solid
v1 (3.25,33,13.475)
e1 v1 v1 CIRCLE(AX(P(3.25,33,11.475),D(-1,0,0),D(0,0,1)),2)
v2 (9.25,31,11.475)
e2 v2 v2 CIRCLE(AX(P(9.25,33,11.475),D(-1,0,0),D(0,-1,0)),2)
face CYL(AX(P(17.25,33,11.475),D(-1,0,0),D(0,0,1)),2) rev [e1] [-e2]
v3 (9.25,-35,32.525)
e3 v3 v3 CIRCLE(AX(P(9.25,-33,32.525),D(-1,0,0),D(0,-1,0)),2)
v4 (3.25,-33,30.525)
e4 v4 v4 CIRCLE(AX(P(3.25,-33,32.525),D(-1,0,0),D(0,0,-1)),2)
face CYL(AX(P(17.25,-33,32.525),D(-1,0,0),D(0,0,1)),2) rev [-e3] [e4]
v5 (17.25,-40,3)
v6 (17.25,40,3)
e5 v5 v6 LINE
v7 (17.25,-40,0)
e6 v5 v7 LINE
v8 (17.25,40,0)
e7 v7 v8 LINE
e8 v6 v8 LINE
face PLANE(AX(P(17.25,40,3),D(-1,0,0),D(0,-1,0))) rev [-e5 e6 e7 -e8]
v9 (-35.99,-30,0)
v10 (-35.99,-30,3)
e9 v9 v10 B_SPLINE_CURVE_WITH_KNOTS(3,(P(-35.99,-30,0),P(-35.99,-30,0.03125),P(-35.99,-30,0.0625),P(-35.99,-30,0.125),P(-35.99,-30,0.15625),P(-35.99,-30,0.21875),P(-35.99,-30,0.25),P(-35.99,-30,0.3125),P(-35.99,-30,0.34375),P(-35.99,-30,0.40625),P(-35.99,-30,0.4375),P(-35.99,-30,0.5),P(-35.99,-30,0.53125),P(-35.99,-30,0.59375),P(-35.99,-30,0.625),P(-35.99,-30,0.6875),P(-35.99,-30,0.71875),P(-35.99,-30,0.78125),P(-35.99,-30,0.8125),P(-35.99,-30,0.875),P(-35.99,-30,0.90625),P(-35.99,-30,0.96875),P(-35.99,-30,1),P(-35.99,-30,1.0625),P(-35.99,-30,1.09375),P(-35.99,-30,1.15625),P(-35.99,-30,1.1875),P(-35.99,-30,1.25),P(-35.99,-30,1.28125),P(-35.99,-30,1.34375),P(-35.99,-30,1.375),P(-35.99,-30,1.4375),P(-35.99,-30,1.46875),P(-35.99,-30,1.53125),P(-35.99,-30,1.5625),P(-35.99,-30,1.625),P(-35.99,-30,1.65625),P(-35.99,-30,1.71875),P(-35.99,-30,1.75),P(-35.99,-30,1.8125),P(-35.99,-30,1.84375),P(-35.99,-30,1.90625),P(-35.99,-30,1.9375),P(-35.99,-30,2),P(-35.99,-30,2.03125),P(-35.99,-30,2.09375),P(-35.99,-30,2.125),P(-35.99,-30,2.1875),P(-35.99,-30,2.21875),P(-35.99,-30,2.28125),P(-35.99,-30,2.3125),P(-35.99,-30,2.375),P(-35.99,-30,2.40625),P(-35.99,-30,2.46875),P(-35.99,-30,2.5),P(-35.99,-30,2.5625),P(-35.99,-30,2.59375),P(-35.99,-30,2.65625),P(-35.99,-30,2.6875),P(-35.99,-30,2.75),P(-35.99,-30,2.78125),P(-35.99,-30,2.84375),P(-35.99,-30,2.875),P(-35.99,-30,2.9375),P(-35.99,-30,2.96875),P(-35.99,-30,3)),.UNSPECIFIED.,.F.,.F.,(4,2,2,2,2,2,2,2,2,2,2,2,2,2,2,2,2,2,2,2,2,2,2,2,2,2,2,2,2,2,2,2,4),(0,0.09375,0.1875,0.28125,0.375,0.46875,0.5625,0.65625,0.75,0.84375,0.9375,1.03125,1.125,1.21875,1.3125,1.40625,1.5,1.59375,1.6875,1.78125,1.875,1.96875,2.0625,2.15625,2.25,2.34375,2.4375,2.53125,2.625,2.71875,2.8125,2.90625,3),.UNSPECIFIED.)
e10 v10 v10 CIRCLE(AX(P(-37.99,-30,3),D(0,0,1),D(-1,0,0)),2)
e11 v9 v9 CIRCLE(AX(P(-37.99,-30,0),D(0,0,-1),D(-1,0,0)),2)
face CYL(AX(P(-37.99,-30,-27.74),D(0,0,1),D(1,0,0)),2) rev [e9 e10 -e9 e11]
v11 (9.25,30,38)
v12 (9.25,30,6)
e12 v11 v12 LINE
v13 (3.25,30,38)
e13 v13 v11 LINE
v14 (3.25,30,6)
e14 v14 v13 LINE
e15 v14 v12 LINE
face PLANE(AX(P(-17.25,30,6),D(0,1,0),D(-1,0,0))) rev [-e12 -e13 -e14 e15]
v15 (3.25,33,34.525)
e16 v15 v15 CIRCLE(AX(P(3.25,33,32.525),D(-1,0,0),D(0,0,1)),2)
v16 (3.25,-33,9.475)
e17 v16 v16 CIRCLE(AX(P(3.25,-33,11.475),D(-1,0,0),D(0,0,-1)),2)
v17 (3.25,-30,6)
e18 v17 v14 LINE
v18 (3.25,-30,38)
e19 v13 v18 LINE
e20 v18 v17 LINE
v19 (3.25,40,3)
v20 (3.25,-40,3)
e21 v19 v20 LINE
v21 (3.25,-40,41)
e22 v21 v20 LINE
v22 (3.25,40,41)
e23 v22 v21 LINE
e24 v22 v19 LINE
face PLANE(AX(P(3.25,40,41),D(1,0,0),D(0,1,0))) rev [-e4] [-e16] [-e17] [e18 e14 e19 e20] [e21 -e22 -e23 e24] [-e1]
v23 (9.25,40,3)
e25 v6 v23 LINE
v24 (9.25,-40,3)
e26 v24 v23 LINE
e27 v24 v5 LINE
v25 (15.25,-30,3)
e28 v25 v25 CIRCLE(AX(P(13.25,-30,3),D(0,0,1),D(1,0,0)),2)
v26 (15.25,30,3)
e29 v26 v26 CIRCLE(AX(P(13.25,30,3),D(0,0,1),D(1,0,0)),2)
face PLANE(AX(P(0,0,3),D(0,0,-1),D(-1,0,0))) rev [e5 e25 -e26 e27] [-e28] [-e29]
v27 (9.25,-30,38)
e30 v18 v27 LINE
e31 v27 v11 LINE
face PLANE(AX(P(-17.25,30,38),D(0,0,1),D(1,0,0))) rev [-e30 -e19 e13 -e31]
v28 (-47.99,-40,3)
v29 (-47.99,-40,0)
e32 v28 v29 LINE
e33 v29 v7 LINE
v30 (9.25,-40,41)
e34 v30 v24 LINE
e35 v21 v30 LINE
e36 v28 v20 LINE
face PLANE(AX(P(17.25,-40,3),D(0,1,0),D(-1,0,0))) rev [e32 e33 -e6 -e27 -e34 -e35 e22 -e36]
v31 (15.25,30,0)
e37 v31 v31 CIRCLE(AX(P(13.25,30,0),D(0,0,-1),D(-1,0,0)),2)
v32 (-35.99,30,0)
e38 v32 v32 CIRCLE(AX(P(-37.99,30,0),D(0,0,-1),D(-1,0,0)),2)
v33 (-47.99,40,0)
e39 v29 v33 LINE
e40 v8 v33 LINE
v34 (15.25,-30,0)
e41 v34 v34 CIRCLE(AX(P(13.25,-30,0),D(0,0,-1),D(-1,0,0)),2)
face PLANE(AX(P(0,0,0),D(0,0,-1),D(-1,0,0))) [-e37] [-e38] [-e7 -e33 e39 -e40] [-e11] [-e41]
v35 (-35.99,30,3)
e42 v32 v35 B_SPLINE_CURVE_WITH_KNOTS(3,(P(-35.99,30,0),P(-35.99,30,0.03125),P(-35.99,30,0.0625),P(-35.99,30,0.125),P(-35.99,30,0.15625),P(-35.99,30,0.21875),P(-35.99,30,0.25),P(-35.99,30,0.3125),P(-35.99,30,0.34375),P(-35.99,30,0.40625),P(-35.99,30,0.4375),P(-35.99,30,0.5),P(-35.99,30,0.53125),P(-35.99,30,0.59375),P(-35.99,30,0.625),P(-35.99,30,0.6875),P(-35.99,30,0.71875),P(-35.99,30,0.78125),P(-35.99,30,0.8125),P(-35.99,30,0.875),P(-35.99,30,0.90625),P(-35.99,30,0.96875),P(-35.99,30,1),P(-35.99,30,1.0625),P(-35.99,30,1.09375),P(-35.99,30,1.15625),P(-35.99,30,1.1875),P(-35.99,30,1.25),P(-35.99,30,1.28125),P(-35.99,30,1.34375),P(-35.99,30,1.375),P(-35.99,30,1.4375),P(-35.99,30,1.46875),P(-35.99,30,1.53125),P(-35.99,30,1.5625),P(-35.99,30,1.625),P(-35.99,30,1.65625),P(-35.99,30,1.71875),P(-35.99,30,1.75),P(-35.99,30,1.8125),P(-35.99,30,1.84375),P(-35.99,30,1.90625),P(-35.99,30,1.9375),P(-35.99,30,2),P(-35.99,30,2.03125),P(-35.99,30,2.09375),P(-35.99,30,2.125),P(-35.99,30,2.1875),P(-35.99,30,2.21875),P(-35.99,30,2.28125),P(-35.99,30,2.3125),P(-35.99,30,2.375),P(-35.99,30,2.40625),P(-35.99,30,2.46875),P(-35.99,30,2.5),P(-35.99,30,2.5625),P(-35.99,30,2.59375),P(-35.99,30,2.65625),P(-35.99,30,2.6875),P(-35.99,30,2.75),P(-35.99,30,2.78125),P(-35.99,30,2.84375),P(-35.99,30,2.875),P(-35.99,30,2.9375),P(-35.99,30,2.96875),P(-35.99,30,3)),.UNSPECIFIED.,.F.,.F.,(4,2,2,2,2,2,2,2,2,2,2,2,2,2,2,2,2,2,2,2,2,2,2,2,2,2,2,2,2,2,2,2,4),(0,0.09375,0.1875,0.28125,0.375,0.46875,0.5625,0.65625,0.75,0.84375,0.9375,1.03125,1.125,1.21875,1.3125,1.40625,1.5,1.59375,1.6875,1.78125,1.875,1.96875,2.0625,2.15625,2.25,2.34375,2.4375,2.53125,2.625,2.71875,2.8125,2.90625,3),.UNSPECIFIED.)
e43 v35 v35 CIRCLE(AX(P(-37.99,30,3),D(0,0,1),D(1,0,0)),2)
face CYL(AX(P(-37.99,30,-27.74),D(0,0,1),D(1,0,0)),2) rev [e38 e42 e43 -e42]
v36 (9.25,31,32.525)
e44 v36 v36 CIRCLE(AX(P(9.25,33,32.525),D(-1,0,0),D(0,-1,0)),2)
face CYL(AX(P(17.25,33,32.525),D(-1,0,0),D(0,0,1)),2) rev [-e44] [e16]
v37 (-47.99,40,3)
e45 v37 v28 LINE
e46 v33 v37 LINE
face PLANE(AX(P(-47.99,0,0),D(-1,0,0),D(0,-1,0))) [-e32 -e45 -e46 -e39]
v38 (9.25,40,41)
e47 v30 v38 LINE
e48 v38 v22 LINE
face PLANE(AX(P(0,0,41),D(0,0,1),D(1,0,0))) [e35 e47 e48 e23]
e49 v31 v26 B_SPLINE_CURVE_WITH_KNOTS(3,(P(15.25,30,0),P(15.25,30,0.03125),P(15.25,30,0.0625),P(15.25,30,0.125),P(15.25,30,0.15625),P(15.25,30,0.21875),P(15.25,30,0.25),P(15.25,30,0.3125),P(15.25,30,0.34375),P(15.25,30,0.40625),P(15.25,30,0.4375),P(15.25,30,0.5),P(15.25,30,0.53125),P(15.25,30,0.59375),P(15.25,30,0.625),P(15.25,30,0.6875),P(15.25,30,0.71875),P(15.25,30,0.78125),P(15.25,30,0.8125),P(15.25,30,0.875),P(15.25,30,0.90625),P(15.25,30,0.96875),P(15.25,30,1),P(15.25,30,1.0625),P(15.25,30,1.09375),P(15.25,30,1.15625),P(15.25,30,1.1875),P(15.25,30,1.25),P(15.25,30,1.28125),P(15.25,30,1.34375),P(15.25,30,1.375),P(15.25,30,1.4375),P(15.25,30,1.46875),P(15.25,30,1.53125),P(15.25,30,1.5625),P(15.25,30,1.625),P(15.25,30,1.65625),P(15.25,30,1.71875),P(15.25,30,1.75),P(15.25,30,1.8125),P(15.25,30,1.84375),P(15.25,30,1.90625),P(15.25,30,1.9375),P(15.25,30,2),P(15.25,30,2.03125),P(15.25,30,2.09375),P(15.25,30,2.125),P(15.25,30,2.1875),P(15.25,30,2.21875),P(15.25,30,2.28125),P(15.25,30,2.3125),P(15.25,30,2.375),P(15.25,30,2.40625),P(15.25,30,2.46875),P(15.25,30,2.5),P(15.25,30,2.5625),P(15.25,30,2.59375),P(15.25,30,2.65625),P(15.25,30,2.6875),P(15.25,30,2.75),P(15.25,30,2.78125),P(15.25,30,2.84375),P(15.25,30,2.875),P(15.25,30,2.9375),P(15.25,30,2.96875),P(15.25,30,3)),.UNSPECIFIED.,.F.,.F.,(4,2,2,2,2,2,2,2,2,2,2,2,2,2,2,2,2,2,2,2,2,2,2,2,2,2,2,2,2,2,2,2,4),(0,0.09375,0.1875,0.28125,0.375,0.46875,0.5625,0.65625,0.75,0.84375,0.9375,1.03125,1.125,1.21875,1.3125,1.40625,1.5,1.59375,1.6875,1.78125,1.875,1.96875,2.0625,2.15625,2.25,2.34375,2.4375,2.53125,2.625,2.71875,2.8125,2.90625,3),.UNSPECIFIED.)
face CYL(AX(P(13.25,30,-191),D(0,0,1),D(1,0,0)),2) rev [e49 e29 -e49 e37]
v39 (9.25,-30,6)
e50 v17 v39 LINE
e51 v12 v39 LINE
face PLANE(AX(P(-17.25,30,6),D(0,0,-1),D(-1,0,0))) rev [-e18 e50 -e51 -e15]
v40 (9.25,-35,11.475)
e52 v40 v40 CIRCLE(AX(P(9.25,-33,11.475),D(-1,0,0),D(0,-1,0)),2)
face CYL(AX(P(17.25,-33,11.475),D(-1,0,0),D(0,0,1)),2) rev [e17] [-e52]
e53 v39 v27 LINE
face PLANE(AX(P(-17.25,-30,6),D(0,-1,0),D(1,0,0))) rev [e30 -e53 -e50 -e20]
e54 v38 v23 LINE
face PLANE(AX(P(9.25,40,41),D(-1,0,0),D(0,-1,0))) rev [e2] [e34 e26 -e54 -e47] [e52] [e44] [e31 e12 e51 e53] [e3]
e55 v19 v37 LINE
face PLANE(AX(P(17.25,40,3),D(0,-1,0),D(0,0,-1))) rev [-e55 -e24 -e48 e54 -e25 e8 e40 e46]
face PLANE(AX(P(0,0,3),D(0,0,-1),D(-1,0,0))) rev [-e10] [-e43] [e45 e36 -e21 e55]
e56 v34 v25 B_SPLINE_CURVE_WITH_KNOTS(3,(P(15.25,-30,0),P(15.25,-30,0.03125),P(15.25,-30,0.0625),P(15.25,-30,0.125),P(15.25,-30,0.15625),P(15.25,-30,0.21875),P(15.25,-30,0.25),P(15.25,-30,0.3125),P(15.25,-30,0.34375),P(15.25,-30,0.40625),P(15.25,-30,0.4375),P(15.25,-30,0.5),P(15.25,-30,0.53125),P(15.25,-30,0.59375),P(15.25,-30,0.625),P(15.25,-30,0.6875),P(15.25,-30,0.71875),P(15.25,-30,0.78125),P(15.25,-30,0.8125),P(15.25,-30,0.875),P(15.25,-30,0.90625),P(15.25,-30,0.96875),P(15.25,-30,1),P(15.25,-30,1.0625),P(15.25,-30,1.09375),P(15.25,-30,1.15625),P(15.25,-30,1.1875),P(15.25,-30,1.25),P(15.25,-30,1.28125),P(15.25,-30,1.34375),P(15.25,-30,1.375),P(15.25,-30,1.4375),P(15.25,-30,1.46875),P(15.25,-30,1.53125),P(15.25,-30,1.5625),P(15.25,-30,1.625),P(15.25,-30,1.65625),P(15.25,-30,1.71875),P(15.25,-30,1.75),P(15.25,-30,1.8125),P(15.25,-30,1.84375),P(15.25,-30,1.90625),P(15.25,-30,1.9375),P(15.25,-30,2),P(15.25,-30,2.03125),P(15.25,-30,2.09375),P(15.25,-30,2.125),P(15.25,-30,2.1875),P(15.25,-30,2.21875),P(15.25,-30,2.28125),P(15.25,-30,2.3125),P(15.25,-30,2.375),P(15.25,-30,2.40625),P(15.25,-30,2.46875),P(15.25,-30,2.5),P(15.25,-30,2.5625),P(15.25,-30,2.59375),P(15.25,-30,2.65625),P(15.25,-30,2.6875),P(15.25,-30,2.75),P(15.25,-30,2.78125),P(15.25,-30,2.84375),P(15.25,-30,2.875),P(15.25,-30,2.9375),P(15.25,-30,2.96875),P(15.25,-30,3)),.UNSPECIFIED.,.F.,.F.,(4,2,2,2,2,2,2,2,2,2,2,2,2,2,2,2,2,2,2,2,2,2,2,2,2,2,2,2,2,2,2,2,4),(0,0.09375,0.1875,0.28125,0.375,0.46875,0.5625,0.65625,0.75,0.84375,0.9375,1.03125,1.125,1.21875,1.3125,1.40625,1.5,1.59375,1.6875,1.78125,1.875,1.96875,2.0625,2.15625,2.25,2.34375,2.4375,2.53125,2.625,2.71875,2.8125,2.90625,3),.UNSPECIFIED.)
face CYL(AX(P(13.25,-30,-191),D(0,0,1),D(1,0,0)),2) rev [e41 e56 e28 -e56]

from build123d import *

# Parameters (mm, degrees)
CROQUIS2_W                 = 34.5
CROQUIS2_H                 = 80
SALIENTE_EXTRUIR2_DEPTH    = 3
CROQUIS3_W                 = 6
CROQUIS3_H                 = 80
SALIENTE_EXTRUIR3_DEPTH    = 38
CORTAR_EXTRUIR3_DEPTH      = 64.112993908
CORTAR_EXTRUIR3_DEPTH_BACK = 64.112993908
CROQUIS7_W                 = 32
CROQUIS7_H                 = 60
CROQUIS5_R                 = 2
CORTAR_EXTRUIR2_DEPTH      = 61.837899372
CROQUIS8_W                 = 3
CROQUIS8_H                 = 80
SALIENTE_EXTRUIR5_DEPTH    = 30.74
CROQUIS9_R                 = 2
CORTAR_EXTRUIR4_DEPTH      = 30.74
CROQUIS10_R                = 2
CORTAR_EXTRUIR5_DEPTH      = 194


with BuildPart() as part:
    # Croquis2 → Saliente-Extruir2 (new body)
    with BuildSketch(Plane.XY):
        Rectangle(CROQUIS2_W, CROQUIS2_H)
    extrude(amount=SALIENTE_EXTRUIR2_DEPTH)

    # Croquis3 → Saliente-Extruir3 (add)
    with BuildSketch(Plane.XY.offset(3)):
        with Locations((6.25, 0)):
            Rectangle(CROQUIS3_W, CROQUIS3_H)
    extrude(amount=SALIENTE_EXTRUIR3_DEPTH)

    # Croquis7 → Cortar-Extruir3 (cut, two sides: drawn at the far end of the back side and taken through both)
    with BuildSketch(Plane(origin=(9.25, 0, 0), x_dir=(0, 0, -1), z_dir=(1, 0, 0)).offset(-CORTAR_EXTRUIR3_DEPTH_BACK)):
        with Locations((-22, 0)):
            Rectangle(CROQUIS7_W, CROQUIS7_H)
    extrude(amount=CORTAR_EXTRUIR3_DEPTH + CORTAR_EXTRUIR3_DEPTH_BACK, mode=Mode.SUBTRACT)

    # Croquis5 → Cortar-Extruir2 (cut, through all)
    with BuildSketch(Plane.ZY.offset(-3.25)):
        with Locations((11.475, 33)):
            Circle(CROQUIS5_R)
        with Locations((32.525, 33)):
            Circle(CROQUIS5_R)
        with Locations(Location((32.525, -33, 0), (0, 0, 270))):
            Circle(CROQUIS5_R)
        with Locations(Location((11.475, -33, 0), (0, 0, 270))):
            Circle(CROQUIS5_R)
    extrude(amount=-CORTAR_EXTRUIR2_DEPTH, mode=Mode.SUBTRACT)

    # Croquis8 → Saliente-Extruir5 (add)
    with BuildSketch(Plane(origin=(-17.25, -40, 0), x_dir=(0, 0, -1), z_dir=(1, 0, 0))):
        with Locations((-1.5, 40)):
            Rectangle(CROQUIS8_W, CROQUIS8_H)
    extrude(amount=-SALIENTE_EXTRUIR5_DEPTH)

    # Croquis9 → Cortar-Extruir4 (cut)
    with BuildSketch(Plane.XY.offset(3)):
        with Locations((-37.99, 30)):
            Circle(CROQUIS9_R)
        with Locations((-37.99, -30)):
            Circle(CROQUIS9_R)
    extrude(amount=-CORTAR_EXTRUIR4_DEPTH, mode=Mode.SUBTRACT)

    # Croquis10 → Cortar-Extruir5 (cut)
    with BuildSketch(Plane.XY.offset(3)):
        with Locations((13.25, 30)):
            Circle(CROQUIS10_R)
        with Locations((13.25, -30)):
            Circle(CROQUIS10_R)
    extrude(amount=-CORTAR_EXTRUIR5_DEPTH, mode=Mode.SUBTRACT)


solid = part.part
